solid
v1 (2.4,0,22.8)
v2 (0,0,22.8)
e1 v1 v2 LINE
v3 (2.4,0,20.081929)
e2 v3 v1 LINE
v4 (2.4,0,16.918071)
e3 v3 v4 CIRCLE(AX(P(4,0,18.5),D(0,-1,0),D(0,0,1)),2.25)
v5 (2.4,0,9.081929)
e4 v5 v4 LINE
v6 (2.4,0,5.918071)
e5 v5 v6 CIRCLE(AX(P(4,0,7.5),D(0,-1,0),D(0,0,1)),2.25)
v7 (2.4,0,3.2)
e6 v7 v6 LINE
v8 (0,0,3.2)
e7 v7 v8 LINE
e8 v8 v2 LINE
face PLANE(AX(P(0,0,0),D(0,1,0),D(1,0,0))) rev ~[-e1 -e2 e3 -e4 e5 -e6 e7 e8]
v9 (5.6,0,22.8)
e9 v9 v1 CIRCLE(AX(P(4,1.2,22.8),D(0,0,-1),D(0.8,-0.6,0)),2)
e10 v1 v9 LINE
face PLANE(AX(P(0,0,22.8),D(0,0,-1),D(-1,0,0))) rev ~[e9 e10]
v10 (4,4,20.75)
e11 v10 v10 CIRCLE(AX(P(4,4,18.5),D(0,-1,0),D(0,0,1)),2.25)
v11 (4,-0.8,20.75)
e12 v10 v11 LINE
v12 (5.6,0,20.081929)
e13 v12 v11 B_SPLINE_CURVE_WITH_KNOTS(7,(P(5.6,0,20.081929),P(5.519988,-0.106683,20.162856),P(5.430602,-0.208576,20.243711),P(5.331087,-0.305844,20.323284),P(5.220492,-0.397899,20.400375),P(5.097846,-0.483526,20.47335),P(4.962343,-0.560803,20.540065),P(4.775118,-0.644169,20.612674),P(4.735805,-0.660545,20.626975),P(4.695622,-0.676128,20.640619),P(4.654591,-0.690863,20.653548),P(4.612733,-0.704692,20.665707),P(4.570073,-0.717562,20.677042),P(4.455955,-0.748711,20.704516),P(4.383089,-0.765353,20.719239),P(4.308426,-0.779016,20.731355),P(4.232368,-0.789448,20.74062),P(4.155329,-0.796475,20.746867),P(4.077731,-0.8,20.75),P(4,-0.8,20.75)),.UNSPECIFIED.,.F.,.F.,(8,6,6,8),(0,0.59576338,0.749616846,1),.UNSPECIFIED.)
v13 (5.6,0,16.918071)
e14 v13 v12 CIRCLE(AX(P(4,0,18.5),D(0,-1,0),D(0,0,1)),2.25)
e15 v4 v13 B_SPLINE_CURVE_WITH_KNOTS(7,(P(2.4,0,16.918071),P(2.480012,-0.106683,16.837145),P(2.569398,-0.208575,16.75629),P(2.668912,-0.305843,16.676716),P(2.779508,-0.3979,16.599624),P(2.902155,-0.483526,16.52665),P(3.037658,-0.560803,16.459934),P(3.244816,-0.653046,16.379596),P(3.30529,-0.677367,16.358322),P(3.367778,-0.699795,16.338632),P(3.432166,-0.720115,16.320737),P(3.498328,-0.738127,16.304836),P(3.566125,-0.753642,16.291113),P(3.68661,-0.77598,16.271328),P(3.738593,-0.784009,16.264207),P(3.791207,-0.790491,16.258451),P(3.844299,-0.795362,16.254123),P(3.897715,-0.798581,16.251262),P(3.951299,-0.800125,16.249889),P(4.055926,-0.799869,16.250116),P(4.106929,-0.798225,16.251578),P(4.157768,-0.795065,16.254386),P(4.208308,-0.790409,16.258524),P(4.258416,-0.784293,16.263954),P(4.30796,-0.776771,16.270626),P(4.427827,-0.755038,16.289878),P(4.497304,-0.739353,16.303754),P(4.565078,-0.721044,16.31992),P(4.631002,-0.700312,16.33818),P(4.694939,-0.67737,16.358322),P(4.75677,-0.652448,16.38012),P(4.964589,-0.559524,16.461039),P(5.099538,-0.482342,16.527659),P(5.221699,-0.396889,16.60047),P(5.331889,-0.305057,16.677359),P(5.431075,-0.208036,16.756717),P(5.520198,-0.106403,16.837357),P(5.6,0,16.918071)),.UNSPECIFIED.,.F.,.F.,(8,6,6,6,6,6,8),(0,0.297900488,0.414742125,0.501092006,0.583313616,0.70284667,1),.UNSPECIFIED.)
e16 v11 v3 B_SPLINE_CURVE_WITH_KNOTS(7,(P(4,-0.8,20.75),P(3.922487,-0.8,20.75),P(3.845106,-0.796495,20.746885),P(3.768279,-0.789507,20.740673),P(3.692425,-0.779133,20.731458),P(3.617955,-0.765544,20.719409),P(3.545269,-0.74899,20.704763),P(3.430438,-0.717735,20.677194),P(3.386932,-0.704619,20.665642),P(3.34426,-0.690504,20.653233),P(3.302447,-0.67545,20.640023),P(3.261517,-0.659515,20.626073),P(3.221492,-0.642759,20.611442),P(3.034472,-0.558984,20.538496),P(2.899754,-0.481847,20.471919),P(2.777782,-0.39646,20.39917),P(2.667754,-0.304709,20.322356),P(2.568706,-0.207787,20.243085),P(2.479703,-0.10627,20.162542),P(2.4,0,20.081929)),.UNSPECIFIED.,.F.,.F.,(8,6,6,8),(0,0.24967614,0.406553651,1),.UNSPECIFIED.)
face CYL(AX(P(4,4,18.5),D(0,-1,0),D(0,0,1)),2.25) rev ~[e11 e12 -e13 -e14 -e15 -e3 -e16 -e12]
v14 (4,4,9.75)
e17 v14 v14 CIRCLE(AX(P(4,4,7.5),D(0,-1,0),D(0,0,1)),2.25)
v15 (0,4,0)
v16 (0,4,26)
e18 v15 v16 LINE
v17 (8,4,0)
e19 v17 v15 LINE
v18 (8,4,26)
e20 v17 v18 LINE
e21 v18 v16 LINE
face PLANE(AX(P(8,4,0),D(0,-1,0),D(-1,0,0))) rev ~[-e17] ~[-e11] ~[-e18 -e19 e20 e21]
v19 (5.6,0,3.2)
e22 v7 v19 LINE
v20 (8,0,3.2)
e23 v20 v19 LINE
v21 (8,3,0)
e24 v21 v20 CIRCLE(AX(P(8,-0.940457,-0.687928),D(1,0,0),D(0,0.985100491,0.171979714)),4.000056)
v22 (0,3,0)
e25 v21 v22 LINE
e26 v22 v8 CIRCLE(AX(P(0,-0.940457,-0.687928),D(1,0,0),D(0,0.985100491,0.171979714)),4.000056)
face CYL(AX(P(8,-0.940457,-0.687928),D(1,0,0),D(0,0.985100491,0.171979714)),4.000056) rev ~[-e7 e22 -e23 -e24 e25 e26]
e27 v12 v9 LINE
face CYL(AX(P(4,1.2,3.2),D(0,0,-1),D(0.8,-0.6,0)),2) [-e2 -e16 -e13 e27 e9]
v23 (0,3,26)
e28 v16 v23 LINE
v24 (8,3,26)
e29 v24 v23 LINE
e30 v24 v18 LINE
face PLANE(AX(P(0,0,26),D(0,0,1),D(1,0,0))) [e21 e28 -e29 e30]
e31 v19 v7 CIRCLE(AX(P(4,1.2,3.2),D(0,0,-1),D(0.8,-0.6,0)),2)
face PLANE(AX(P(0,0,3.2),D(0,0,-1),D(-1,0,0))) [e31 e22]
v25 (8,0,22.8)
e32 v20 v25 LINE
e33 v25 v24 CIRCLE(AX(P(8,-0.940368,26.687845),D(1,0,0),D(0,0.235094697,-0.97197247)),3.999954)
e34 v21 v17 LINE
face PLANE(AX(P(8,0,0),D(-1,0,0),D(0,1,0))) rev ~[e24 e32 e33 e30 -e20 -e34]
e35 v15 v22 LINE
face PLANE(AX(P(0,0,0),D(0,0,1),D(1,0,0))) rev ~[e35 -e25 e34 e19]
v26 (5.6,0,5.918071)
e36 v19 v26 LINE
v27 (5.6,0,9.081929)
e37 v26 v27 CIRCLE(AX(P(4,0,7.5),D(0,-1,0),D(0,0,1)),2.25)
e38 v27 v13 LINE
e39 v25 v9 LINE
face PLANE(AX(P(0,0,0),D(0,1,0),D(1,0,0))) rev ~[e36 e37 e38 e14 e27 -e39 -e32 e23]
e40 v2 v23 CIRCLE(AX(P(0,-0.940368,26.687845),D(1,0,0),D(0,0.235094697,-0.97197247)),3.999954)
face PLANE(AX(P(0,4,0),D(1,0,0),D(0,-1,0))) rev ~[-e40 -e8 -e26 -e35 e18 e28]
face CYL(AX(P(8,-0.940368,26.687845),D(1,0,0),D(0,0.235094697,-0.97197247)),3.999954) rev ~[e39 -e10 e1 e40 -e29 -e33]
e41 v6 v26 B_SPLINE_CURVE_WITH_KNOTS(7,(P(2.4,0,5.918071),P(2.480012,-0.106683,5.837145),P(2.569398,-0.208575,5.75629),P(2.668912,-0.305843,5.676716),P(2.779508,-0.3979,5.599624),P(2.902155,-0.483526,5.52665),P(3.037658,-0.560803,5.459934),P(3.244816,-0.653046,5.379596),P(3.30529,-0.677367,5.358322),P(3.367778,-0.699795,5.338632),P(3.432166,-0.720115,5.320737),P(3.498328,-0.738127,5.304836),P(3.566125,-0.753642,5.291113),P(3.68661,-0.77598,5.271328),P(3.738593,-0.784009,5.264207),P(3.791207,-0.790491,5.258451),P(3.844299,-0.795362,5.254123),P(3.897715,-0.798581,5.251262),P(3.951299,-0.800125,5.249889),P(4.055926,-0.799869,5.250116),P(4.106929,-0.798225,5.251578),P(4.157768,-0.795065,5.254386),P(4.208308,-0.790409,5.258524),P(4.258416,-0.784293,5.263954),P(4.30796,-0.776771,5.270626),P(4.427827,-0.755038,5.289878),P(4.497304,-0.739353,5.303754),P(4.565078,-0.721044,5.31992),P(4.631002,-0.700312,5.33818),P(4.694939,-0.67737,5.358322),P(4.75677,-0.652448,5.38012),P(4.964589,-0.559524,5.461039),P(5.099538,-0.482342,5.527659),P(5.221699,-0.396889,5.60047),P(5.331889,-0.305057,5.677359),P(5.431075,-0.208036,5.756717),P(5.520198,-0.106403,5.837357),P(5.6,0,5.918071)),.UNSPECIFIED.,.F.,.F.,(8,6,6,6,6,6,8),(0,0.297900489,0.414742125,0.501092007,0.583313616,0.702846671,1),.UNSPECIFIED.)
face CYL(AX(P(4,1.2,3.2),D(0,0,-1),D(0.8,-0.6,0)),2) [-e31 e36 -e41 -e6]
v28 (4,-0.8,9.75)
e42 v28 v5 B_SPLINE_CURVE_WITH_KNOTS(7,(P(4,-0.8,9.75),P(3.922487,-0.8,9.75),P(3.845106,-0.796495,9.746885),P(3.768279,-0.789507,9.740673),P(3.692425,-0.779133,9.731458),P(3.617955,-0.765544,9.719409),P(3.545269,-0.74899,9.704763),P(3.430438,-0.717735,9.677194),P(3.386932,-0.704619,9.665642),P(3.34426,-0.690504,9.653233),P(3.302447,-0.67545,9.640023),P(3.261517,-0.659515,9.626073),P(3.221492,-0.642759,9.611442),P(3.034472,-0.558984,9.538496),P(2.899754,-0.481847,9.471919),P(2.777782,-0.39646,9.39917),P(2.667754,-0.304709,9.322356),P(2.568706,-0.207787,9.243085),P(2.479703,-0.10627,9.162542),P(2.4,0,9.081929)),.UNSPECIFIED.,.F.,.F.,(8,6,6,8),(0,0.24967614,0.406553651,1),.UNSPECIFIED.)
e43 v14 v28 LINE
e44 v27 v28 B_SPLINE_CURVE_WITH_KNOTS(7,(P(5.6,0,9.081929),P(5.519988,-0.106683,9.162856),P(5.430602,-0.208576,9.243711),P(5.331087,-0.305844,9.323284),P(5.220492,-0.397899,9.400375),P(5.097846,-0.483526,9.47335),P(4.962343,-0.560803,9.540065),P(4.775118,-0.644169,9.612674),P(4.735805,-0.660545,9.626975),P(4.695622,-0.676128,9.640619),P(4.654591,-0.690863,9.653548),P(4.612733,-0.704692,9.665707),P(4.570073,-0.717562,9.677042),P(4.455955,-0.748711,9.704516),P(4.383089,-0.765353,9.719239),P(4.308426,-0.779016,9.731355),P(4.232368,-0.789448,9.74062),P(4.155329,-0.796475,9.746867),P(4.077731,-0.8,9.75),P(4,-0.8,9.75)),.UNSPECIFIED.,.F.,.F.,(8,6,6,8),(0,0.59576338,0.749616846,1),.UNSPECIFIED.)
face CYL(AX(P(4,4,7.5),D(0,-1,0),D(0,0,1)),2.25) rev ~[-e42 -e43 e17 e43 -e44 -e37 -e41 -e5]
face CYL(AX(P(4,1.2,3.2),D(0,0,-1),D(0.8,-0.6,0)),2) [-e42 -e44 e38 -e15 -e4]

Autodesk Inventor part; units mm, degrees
ref_plane "YZ Plane" through (0, 0, 0) normal (1, 0, 0) x (0, 1, 0)
ref_plane "XZ Plane" through (0, 0, 0) normal (0, 1, 0) x (-1, 0, 0)
ref_plane "XY Plane" through (0, 0, 0) normal (0, 0, 1) x (1, 0, 0)
sketch "Sketch1" plane through (0, 0, 0) normal (0, 0, 1) x (1, 0, 0)
  line L0 (0, 0) -> (8, 0)
  line L1 (8, 0) -> (8, 4)
  line L2 (8, 4) -> (0, 4)
  line L3 (0, 4) -> (0, 0)
  dimension "d0" = 8
  dimension "d1" = 4
extrude "Extrusion1" add sketch "Sketch1" along normal blind 26
sketch "Sketch3" plane through (8, 0, 0) normal (1, 0, 0) x (0, 0, -1)
  line L0 (0, 0) -> (0, 4) projected
  line L1 (-26, 0) -> (-26, 4) projected
  line L2 (0, 0) -> (-26, 0) projected
  arc A0 (-22.8, 0) -> (-26, 3) centre (-26.6879, -0.9404) ccw
  arc A1 (0, 3) -> (-3.2, 0) centre (0.6879, -0.9404) ccw
  dimension "d14" = 4
  dimension "d15" = 3.2
  dimension "d16" = 1
extrude "Extrusion2" cut sketch "Sketch3" against normal up to next
ref_plane "Work Plane1" through (0, 0, 3.2) normal (0, 0, -1) x (-1, 0, 0)
sketch "Sketch4" plane through (0, 0, 3.2) normal (0, 0, -1) x (-1, 0, 0)
  line L0 (0, 0) -> (-8, 0) projected
  line L1 (-8, 0) -> (0, 0) projected
  arc A0 (-5.6, 0) -> (-2.4, 0) centre (-4, 1.2) ccw
  line L2 (-8, 0) -> (-8, 3) projected
  line L3 (-5.6, 0) -> (-2.4, 0)
  dimension "d20" = 2
  dimension "d21" = 4
  dimension "d22" = 1.2
extrude "Extrusion3" add sketch "Sketch4" against normal blind 19.6
sketch "Sketch2" plane through (0, 4, 0) normal (0, 1, 0) x (1, 0, 0)
  line L0 (8, -26) -> (0, -26) projected
  line L1 (8, 0) -> (8, -26) projected
  point P0 (4, -7.5)
  point P1 (4, -18.5)
  dimension "d4" = 11
  dimension "d5" = 7.5
  dimension "d6" = 4
hole "Hole1" at (4, 4, 7.5) at (4, 4, 18.5) direction (0, -1, 0) diameter 4.5 end through all
properties part number "OfflineBowdenExtruderSpringHandle" material "ABS Plastic"
